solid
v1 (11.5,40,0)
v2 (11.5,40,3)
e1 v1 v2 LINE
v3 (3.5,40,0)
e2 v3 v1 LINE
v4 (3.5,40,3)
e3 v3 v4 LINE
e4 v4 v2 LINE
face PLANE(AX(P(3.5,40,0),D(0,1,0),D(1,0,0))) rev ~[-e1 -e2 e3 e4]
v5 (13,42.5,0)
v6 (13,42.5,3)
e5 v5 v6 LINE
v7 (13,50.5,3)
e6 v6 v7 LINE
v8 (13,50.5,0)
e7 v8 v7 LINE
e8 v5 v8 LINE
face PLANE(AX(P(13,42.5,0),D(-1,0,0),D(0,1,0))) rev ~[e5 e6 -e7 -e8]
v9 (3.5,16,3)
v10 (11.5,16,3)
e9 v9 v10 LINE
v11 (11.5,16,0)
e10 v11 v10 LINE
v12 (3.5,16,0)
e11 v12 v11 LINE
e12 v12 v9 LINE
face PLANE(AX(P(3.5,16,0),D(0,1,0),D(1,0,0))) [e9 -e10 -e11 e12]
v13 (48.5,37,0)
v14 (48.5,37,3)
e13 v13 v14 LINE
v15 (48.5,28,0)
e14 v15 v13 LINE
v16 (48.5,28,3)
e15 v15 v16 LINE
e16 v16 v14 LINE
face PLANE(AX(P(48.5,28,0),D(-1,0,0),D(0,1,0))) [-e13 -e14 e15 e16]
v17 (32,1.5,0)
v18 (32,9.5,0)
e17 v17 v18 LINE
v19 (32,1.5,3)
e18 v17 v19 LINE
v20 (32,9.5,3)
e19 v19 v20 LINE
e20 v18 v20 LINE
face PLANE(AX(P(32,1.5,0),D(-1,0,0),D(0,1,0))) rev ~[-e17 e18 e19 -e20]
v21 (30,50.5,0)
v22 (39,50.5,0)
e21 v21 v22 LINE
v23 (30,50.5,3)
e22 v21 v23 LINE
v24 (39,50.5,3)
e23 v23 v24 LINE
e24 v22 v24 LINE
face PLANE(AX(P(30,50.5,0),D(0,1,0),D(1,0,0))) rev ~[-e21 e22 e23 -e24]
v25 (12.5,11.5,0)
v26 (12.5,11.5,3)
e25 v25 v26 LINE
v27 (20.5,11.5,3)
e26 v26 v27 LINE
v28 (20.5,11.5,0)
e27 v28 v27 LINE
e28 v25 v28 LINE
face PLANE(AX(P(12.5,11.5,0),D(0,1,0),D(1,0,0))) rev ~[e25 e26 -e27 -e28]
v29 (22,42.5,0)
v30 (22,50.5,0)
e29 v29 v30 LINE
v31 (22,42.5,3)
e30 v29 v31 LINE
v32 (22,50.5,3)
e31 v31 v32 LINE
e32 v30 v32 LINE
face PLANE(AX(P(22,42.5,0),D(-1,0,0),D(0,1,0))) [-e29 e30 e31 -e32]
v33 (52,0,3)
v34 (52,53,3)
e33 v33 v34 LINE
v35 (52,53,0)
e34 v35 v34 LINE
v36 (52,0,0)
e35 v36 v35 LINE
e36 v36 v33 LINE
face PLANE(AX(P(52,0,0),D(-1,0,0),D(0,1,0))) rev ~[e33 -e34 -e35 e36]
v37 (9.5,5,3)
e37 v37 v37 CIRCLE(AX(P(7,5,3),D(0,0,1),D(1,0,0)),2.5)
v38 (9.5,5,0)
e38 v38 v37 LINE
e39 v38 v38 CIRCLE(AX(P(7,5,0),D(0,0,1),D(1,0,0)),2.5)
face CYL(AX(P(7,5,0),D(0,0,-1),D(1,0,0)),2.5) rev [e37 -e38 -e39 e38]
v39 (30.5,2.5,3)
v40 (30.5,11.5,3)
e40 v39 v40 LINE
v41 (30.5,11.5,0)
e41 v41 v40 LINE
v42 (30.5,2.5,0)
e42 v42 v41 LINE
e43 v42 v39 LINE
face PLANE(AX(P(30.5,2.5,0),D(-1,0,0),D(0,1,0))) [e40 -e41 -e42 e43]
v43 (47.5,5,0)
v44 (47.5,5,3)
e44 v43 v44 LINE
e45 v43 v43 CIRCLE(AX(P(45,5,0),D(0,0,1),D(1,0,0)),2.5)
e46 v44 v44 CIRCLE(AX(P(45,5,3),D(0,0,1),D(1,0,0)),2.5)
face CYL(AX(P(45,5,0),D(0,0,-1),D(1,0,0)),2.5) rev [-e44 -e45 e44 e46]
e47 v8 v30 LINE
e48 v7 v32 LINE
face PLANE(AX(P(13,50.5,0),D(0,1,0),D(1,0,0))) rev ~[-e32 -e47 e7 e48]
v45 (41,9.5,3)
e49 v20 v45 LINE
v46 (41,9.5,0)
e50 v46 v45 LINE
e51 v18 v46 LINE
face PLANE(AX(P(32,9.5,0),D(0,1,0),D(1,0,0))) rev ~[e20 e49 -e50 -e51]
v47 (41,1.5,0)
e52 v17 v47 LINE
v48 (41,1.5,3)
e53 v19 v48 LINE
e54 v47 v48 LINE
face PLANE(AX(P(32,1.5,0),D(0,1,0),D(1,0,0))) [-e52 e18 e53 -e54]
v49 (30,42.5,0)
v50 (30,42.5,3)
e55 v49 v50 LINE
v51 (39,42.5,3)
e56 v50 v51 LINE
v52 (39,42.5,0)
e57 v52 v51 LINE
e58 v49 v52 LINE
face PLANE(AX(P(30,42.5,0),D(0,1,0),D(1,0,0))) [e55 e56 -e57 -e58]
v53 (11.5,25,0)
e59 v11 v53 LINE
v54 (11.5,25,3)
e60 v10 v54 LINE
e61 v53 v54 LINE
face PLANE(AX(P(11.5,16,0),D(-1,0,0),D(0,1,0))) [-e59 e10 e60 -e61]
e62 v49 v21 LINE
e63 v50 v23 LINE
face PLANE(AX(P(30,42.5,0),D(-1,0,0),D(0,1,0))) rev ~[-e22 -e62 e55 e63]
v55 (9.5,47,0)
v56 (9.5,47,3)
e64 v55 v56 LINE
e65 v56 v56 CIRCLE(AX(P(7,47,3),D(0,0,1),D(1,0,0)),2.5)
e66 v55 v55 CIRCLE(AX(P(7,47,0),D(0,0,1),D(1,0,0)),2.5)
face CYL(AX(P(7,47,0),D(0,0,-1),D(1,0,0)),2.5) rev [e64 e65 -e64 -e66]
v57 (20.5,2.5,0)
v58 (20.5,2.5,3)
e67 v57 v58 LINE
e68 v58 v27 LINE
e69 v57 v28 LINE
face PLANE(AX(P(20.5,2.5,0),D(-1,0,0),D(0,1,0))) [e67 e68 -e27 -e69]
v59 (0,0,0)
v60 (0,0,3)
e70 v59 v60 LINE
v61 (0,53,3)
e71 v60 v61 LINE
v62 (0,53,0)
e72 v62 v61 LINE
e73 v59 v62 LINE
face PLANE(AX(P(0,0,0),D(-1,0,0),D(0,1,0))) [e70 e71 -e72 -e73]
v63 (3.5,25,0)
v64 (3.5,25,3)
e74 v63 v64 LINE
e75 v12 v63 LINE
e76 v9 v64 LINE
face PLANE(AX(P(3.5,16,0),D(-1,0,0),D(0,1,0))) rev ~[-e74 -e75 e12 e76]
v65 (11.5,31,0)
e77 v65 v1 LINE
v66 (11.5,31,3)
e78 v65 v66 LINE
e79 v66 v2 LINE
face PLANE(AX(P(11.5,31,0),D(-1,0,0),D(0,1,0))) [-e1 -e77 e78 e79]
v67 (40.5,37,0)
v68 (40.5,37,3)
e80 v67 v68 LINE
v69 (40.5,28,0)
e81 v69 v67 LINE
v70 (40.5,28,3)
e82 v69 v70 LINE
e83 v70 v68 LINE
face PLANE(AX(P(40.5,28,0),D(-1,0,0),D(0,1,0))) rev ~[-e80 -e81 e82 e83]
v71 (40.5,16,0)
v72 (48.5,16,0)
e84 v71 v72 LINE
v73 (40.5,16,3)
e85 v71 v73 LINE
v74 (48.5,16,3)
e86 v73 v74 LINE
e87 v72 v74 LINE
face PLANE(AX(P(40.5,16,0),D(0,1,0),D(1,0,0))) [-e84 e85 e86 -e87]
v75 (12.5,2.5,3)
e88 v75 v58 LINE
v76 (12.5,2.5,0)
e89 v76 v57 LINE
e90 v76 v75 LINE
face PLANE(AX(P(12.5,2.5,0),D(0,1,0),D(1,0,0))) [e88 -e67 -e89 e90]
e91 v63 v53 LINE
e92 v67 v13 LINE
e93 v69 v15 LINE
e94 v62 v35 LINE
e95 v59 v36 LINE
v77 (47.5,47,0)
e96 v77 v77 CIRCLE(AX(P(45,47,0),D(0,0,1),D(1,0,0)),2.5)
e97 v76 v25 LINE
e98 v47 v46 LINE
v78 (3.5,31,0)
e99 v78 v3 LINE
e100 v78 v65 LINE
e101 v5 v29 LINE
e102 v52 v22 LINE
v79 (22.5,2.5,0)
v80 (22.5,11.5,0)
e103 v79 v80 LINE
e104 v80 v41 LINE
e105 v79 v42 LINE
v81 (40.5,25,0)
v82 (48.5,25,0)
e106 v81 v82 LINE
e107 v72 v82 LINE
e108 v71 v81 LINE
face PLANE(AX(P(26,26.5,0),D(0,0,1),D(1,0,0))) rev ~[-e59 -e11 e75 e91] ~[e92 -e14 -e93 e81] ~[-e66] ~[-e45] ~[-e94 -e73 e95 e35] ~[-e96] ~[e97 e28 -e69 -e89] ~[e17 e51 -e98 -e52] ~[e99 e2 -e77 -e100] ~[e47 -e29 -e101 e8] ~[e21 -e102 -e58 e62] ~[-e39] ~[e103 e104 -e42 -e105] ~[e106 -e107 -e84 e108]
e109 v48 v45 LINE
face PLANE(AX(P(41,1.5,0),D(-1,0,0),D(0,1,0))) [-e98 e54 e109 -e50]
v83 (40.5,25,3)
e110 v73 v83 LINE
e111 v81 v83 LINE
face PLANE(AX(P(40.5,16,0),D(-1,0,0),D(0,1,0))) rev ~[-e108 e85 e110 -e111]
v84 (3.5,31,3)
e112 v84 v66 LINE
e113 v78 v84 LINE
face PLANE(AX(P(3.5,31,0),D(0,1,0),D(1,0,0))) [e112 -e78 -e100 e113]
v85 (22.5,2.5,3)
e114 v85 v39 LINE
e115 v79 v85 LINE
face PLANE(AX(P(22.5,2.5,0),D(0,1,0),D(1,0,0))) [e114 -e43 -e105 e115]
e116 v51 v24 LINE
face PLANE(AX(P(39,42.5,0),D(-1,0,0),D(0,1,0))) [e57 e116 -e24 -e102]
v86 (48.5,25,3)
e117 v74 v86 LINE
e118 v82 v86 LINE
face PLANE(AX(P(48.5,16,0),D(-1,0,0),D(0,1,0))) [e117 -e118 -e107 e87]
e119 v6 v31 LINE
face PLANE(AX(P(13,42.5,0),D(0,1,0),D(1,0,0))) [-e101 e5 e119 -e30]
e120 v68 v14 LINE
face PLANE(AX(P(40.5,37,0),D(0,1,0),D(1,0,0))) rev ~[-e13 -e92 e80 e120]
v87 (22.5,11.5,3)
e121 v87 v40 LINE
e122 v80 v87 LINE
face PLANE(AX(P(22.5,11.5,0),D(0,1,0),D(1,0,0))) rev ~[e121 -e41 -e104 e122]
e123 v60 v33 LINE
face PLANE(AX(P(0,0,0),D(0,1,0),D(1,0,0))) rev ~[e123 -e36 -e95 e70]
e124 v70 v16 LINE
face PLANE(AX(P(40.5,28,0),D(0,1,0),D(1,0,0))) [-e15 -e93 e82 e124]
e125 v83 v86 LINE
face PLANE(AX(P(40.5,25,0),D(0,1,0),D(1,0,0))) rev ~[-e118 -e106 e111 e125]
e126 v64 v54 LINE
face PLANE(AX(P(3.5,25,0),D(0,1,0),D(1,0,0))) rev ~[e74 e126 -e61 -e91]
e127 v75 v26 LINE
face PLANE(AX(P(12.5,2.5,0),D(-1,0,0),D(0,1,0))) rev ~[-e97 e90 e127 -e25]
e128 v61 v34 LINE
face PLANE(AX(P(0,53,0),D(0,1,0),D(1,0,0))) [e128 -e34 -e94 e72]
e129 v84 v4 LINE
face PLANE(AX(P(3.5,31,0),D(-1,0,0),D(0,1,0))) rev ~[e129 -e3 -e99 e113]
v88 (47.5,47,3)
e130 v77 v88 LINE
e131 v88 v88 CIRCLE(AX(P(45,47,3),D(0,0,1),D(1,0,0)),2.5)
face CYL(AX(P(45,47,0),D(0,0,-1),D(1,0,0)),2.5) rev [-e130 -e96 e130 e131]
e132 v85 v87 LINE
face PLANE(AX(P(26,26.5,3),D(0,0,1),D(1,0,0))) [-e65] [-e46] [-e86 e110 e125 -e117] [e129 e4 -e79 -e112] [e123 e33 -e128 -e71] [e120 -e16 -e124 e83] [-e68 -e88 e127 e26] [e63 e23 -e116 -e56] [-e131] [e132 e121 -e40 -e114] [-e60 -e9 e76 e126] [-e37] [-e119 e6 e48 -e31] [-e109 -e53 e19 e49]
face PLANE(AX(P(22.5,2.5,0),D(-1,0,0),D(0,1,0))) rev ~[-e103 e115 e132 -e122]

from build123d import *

# Parameters (mm, degrees)
F0_W     = 52
F0_H     = 53
F0_R     = 2.5
F0_W_2   = 8
F0_H_2   = 9
F0_W_3   = 9
F0_H_3   = 8
F1_DEPTH = 3


with BuildPart() as f1:
    # F0 (on Top) → F1 (new body)
    with BuildSketch(Plane.XY):
        with Locations((26, 26.5)):
            Rectangle(F0_W, F0_H)
        with Locations((7, 5)):
            Circle(F0_R, mode=Mode.SUBTRACT)
        with Locations((16.5, 7)):
            Rectangle(F0_W_2, F0_H_2, mode=Mode.SUBTRACT)
        with Locations((7.5, 20.5)):
            Rectangle(F0_W_2, F0_H_2, mode=Mode.SUBTRACT)
        with Locations((36.5, 5.5)):
            Rectangle(F0_W_3, F0_H_3, mode=Mode.SUBTRACT)
        with Locations((26.5, 7)):
            Rectangle(F0_W_2, F0_H_2, mode=Mode.SUBTRACT)
        with Locations((45, 5)):
            Circle(F0_R, mode=Mode.SUBTRACT)
        with Locations((44.5, 20.5)):
            Rectangle(F0_W_2, F0_H_2, mode=Mode.SUBTRACT)
        with Locations((7.5, 35.5)):
            Rectangle(F0_W_2, F0_H_2, mode=Mode.SUBTRACT)
        with Locations((7, 47)):
            Circle(F0_R, mode=Mode.SUBTRACT)
        with Locations((17.5, 46.5)):
            Rectangle(F0_W_3, F0_H_3, mode=Mode.SUBTRACT)
        with Locations((44.5, 32.5)):
            Rectangle(F0_W_2, F0_H_2, mode=Mode.SUBTRACT)
        with Locations((34.5, 46.5)):
            Rectangle(F0_W_3, F0_H_3, mode=Mode.SUBTRACT)
        with Locations((45, 47)):
            Circle(F0_R, mode=Mode.SUBTRACT)
    extrude(amount=F1_DEPTH)


solid = f1.part
